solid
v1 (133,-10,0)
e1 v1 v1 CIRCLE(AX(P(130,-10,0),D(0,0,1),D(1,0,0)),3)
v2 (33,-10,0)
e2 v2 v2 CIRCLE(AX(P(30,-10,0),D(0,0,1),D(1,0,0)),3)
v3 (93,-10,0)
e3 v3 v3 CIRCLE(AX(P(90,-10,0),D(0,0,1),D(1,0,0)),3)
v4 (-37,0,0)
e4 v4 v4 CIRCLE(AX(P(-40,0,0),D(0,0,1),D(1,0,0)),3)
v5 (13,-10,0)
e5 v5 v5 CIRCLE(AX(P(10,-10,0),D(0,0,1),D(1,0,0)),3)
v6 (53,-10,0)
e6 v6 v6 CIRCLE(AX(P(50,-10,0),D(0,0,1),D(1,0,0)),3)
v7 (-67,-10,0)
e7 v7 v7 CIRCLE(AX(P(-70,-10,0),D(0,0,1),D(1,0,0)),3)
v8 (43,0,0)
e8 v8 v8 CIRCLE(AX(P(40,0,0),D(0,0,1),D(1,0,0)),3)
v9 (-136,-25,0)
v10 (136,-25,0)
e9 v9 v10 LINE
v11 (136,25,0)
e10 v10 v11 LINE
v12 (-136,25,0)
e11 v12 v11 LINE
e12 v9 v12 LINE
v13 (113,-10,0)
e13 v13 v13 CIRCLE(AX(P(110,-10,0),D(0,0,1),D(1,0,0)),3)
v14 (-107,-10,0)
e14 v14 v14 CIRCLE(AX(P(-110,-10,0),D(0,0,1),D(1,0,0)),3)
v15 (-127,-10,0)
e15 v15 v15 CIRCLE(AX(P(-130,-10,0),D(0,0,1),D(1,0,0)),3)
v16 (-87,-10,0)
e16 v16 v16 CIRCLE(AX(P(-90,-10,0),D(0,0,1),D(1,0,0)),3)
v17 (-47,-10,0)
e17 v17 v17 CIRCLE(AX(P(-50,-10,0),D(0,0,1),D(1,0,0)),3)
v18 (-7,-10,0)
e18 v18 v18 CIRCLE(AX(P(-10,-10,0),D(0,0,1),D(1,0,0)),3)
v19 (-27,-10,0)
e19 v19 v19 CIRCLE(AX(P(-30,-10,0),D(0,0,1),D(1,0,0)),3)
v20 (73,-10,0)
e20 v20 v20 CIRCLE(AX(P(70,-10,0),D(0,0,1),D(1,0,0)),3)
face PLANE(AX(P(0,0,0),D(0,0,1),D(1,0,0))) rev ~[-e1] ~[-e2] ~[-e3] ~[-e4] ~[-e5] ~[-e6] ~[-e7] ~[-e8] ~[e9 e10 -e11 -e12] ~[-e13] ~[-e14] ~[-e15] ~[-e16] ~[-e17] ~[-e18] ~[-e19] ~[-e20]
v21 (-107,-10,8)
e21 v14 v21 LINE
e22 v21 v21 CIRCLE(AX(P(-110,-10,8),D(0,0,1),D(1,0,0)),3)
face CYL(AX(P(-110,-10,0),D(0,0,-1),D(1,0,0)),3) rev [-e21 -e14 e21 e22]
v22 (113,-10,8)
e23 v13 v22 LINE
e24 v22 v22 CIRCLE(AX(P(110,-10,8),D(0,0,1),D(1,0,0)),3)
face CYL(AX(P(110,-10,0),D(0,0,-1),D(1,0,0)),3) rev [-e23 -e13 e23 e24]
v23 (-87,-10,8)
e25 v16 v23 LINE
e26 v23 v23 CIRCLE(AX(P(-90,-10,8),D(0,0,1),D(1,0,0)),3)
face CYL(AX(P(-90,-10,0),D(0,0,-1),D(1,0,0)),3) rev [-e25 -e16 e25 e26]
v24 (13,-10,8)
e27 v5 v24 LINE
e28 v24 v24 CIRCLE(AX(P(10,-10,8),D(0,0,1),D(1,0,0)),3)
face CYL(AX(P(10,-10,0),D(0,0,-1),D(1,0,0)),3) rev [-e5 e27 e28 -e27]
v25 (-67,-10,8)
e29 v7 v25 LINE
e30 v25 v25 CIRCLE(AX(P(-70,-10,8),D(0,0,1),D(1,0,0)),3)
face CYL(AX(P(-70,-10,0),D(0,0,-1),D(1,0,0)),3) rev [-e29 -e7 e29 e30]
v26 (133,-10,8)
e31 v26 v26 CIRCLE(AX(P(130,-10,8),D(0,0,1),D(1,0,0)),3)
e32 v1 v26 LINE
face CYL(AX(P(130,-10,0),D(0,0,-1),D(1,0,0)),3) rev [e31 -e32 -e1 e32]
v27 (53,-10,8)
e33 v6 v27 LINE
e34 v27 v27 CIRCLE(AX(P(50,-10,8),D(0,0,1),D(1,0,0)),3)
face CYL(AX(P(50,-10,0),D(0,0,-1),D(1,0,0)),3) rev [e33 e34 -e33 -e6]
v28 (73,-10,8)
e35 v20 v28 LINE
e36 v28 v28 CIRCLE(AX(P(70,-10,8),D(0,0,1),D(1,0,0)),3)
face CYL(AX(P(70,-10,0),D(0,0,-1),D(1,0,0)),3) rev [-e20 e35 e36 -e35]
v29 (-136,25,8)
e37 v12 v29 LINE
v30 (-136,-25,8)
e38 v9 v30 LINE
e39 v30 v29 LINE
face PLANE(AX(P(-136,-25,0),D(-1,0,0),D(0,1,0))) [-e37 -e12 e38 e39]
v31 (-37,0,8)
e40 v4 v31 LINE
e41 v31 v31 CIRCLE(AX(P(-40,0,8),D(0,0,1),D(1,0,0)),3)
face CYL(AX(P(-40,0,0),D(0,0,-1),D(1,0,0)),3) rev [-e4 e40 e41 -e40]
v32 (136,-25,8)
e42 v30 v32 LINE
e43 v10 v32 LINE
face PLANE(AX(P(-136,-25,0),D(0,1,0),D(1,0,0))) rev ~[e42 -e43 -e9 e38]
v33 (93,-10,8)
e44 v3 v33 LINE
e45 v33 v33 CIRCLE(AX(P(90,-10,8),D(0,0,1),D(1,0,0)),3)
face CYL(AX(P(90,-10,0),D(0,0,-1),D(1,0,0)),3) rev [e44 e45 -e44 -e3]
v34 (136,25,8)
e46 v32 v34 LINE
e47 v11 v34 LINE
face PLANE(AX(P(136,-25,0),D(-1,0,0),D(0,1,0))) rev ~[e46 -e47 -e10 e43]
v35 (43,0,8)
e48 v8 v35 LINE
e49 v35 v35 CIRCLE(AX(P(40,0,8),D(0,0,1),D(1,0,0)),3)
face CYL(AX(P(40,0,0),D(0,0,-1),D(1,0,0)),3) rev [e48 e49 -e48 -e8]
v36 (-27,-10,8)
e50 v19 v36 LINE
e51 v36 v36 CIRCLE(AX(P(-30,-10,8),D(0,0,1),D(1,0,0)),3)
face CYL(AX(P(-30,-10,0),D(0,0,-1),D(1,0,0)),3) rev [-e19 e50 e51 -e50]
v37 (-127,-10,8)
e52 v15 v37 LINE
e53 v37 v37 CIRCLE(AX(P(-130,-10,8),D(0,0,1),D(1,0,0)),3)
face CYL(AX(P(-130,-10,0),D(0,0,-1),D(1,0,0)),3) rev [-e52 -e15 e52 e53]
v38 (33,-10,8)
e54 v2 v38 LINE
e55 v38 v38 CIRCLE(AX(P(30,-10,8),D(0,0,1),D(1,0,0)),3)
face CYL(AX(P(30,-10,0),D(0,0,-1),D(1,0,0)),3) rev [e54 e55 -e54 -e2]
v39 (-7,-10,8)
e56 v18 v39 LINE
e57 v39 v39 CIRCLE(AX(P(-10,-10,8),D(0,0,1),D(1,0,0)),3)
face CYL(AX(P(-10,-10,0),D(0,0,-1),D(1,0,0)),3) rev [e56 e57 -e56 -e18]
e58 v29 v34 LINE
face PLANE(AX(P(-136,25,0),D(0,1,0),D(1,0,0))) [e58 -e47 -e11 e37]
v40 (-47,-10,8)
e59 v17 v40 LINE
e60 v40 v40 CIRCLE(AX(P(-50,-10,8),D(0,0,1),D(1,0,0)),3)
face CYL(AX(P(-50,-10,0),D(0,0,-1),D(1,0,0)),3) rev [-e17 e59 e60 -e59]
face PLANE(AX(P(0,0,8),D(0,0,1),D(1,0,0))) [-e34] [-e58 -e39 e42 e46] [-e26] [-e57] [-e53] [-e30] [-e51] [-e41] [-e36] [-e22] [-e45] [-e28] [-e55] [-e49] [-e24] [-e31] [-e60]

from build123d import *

# Parameters (mm, degrees)
F0_W     = 272
F0_H     = 50
F0_R     = 3
F1_DEPTH = 8


with BuildPart() as f1:
    # F0 (on Top) → F1 (new body)
    with BuildSketch(Plane.XY):
        Rectangle(F0_W, F0_H)
        with Locations((-130, -10)):
            Circle(F0_R, mode=Mode.SUBTRACT)
        with Locations((-110, -10)):
            Circle(F0_R, mode=Mode.SUBTRACT)
        with Locations((-90, -10)):
            Circle(F0_R, mode=Mode.SUBTRACT)
        with Locations((-70, -10)):
            Circle(F0_R, mode=Mode.SUBTRACT)
        with Locations((-50, -10)):
            Circle(F0_R, mode=Mode.SUBTRACT)
        with Locations((-30, -10)):
            Circle(F0_R, mode=Mode.SUBTRACT)
        with Locations((-10, -10)):
            Circle(F0_R, mode=Mode.SUBTRACT)
        with Locations((10, -10)):
            Circle(F0_R, mode=Mode.SUBTRACT)
        with Locations((30, -10)):
            Circle(F0_R, mode=Mode.SUBTRACT)
        with Locations((50, -10)):
            Circle(F0_R, mode=Mode.SUBTRACT)
        with Locations((70, -10)):
            Circle(F0_R, mode=Mode.SUBTRACT)
        with Locations((90, -10)):
            Circle(F0_R, mode=Mode.SUBTRACT)
        with Locations((110, -10)):
            Circle(F0_R, mode=Mode.SUBTRACT)
        with Locations((130, -10)):
            Circle(F0_R, mode=Mode.SUBTRACT)
        with Locations((-40, 0)):
            Circle(F0_R, mode=Mode.SUBTRACT)
        with Locations((40, 0)):
            Circle(F0_R, mode=Mode.SUBTRACT)
    extrude(amount=F1_DEPTH)


solid = f1.part
